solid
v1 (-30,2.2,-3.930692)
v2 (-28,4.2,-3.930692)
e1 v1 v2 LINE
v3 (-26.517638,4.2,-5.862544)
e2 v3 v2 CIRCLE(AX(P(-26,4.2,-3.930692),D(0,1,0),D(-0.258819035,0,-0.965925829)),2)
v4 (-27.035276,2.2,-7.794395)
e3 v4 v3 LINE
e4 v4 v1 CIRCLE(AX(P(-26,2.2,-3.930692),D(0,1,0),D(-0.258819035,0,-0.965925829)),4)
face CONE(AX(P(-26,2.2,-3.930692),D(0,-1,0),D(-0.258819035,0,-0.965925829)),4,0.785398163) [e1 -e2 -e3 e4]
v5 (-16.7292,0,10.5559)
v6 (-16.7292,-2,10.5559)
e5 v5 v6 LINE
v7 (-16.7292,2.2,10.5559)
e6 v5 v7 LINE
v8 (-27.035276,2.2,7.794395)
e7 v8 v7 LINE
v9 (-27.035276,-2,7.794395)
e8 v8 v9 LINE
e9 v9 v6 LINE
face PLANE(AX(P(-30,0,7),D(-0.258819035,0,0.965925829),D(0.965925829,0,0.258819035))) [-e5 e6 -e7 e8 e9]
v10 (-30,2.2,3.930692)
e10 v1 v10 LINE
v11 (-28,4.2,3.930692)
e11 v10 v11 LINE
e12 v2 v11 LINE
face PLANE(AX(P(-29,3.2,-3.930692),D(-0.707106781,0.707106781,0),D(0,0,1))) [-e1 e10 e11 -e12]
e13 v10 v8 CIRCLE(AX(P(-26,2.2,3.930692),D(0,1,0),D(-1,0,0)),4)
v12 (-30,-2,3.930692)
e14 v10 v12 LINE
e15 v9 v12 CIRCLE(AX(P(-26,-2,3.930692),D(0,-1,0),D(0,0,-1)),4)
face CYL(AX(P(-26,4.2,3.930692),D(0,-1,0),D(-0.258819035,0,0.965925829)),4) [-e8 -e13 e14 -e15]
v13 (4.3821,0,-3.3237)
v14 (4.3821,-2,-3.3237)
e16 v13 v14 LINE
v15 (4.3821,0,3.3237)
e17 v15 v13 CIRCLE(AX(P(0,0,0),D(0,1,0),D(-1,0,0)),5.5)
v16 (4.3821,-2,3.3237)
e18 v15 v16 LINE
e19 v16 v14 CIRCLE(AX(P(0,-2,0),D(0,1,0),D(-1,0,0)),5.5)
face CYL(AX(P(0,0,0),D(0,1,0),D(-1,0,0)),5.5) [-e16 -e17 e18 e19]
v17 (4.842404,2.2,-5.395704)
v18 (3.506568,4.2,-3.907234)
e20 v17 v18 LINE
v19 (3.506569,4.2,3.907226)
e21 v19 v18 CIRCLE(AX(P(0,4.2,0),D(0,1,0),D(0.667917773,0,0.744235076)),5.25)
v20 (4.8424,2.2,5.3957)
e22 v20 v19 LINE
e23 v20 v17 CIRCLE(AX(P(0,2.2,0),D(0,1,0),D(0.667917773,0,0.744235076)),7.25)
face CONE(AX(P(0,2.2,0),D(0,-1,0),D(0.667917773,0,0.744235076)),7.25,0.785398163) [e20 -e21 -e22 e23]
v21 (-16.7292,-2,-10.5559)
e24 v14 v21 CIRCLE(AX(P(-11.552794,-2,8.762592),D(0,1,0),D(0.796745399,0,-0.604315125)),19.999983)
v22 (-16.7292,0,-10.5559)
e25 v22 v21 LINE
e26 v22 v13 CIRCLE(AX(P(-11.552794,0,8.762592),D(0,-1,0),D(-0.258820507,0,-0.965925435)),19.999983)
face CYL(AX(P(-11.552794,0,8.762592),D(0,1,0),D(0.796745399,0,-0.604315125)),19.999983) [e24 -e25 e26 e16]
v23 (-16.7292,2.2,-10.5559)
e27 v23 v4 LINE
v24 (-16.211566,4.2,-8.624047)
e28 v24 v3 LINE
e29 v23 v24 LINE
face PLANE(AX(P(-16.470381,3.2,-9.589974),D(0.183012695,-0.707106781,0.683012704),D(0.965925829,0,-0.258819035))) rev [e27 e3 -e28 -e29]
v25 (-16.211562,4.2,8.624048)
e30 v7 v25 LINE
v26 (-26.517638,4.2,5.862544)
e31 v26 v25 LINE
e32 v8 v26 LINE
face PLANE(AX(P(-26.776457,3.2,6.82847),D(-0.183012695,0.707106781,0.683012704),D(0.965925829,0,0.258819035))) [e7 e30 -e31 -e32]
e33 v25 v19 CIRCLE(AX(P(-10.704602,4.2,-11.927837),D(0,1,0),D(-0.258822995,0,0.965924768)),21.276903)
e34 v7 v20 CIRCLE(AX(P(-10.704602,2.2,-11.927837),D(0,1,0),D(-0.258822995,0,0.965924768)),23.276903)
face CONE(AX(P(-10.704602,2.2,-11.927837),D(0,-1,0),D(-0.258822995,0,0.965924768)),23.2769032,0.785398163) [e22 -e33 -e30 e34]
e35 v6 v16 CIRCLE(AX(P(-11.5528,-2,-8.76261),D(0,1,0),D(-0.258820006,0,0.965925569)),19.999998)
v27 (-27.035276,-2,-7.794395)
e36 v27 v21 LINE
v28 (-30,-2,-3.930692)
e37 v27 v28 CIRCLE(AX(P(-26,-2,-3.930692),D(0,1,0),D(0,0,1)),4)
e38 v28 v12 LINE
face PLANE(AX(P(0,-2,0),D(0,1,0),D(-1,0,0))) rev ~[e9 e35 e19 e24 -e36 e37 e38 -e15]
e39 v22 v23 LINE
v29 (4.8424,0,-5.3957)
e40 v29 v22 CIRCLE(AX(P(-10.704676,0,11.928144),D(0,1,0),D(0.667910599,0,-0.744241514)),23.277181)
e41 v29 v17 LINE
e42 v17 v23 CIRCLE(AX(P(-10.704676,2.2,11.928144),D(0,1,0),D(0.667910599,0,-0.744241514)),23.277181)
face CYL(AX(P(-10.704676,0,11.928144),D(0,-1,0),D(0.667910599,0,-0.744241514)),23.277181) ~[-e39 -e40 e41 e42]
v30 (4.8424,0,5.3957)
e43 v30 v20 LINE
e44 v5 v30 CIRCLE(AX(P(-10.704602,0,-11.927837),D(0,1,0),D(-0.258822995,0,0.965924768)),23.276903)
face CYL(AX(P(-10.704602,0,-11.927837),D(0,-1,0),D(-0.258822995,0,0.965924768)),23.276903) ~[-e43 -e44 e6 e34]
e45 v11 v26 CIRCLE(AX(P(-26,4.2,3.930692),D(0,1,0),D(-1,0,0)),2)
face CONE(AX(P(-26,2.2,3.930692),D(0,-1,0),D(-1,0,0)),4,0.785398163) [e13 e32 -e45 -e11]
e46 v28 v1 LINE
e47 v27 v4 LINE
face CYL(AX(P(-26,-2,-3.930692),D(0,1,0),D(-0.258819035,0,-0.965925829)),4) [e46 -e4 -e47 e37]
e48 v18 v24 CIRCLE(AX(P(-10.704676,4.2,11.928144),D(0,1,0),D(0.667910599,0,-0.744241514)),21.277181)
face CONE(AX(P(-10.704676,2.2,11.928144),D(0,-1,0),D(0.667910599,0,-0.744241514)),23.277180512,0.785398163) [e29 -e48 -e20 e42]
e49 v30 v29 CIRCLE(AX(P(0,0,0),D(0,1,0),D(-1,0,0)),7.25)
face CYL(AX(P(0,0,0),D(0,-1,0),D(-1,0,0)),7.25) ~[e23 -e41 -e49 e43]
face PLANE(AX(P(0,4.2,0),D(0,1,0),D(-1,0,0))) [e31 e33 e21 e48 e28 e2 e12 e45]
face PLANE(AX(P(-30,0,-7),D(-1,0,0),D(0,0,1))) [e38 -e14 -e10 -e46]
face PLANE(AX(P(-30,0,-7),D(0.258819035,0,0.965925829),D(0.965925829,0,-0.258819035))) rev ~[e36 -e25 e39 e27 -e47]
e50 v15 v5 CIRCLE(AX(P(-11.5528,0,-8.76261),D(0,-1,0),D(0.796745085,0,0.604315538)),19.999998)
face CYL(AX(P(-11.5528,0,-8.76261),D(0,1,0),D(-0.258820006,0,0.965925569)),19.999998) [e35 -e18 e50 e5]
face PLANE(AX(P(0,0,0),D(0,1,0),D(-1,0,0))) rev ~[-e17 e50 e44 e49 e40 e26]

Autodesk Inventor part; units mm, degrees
ref_plane "YZ Plane" through (0, 0, 0) normal (1, 0, 0) x (0, 1, 0)
ref_plane "XZ Plane" through (0, 0, 0) normal (0, 1, 0) x (-1, 0, 0)
ref_plane "XY Plane" through (0, 0, 0) normal (0, 0, 1) x (1, 0, 0)
sketch "Sketch1" plane through (0, 0, 0) normal (0, 1, 0) x (-1, 0, 0)
  circle A0 centre (0, 0) radius 5.5
  line L0 (0, 0) -> (30, 0) construction
  line L1 (30, -7) -> (30, 7)
  line L2 (30, -7) -> (16.7292, -10.5559)
  arc A1 (-4.3821, -3.3237) -> (16.7292, -10.5559) centre (11.5528, 8.7626) ccw
  line L3 (30, 7) -> (16.7292, 10.5559)
  arc A2 (16.7292, 10.5559) -> (-4.3821, 3.3237) centre (11.5528, -8.7626) ccw
  circle A3 centre (0, 0) radius 7.25
  arc A4 (16.7292, 10.5559) -> (-4.8424, 5.3957) centre (10.7046, -11.928) ccw
  arc A5 (-4.8424, -5.3957) -> (16.7292, -10.5559) centre (10.7046, 11.928) ccw
  point P0 (1.7838, 5.2027)
  point P1 (1.7838, -5.2027)
  point P2 (16.7292, 10.5559)
  point P3 (30, 9.4853)
  point P4 (30, -9.4853)
  point P5 (30, -9.4752)
  point P6 (30, 9.4752)
  dimension "d0" = 11
  dimension "d1" = 30
  dimension "d2" = 14
  dimension "d5" = 30
  dimension "d10" = 14.5
  dimension "d52" = 20
extrude "Extrusion1" add sketch "Sketch1" against normal blind 2 contours A0 | A0 A2 A3 A1 | A2 L3 L1 L2 A1 A3 picked at (6.6012, -0.5586)
extrude "Extrusion2" add sketch "Sketch1" along normal blind 4.2
fillet "Fillet1" radius 4 2 edges at (-30, 1.1, 7) (-30, 1.1, -7)
chamfer "Chamfer1" distance 2 angle 45 8 edges at (-30, 4.2, 0) (-29.1734, 4.2, 6.3657) (-21.8822, 4.2, 9.1752) (-5.2893, 4.2, 10.7104) (7.25, 4.2, 0) (-5.2893, 4.2, -10.7104) (-21.8822, 4.2, -9.1752) (-29.1734, 4.2, -6.3657)
sketch "Sketch9" plane through (0, -2, 0) normal (0, -1, 0) x (1, 0, 0)
  arc A0 (-27.0353, 7.7944) -> (-30, 3.9307) centre (-26, 3.9307) ccw projected
  line L0 (-30, 3.9307) -> (-30, -3.9307) projected
  arc A1 (-30, -3.9307) -> (-27.0353, -7.7944) centre (-26, -3.9307) ccw projected
  arc A2 (6.1782, -6.8842) -> (6.1782, 6.8842) centre (0, 0) ccw projected
  line L1 (-32, -3.9307) -> (-32, 3.9307) projected
  line L2 (-27.5363, -9.7307) -> (-33.6527, -8.0918)
  arc A3 (-36.9536, -3.79) -> (-33.6527, -8.0918) centre (-32.5, -3.79) ccw
  line L3 (-36.9536, -3.79) -> (-36.9536, 4.2596)
  arc A4 (-33.0372, 8.6806) -> (-36.9536, 4.2596) centre (-32.5, 4.2596) ccw
  line L4 (-32, 3.9307) -> (-32, -3.9307) projected
  line L5 (-26.7661, 9.4426) -> (-33.0372, 8.6806)
  arc A5 (-17.2468, -12.4878) -> (6.1782, -6.8842) centre (-10.7046, 11.928) ccw projected
  line L6 (-26.5589, -7.4525) -> (-33.0176, -5.7218)
  arc A6 (-34.5, -3.79) -> (-33.0176, -5.7218) centre (-32.5, -3.79) ccw
  line L7 (-34.5, -3.79) -> (-34.5, 4.2596)
  arc A7 (-33.0176, 6.1914) -> (-34.5, 4.2596) centre (-32.5, 4.2596) ccw
  line L8 (-33.0176, 6.1914) -> (-27.0353, 7.7944)
  arc A8 (4.3821, 3.3237) -> (-16.7292, 10.5559) centre (-11.5528, -8.7626) ccw projected
  arc A9 (-16.7292, -10.5559) -> (4.3821, -3.3237) centre (-11.5528, 8.7626) ccw projected
  arc A10 (4.3821, -3.3237) -> (4.3821, 3.3237) centre (0, 0) ccw projected
  arc A11 (4.3821, 3.3237) -> (-16.7292, 10.5559) centre (-11.5528, -8.7626) ccw projected
  line L9 (-16.7292, 10.5559) -> (-27.0353, 7.7944) projected
  line L10 (-27.0353, -7.7944) -> (-16.7292, -10.5559) projected
  arc A12 (-17.2468, -12.4878) -> (6.1782, -6.8842) centre (-10.7046, 11.928) ccw projected
  line L11 (-17.2468, -12.4878) -> (-27.5529, -9.7262) projected
  arc A13 (-32, -3.9307) -> (-27.5529, -9.7262) centre (-26, -3.9307) ccw projected
  arc A14 (-27.5529, 9.7262) -> (-32, 3.9307) centre (-26, 3.9307) ccw projected
  line L12 (-27.5529, 9.7262) -> (-17.2468, 12.4878) projected
  arc A15 (6.1782, 6.8842) -> (-17.2468, 12.4878) centre (-10.7046, -11.928) ccw projected
  line L13 (-27.5529, -9.7262) -> (-17.2468, -12.4878) projected
  line L14 (-27.0353, 7.7944) -> (-16.7292, 10.5559) projected
  point P0 (-27.5529, -9.7262)
  point P1 (-31.5927, -6.1037)
  point P2 (-31.355, 6.6369)
  point P3 (-28.9, 9.1833)
  dimension "d90" = 2.5
  dimension "d91" = 2
sketch "Sketch11" plane through (0, 6.1, 0) normal (0, 1, 0) x (1, 0, 0)
  arc A0 (4.0599, -4.5238) -> (4.0599, 4.5238) centre (0, 0) ccw projected
  line L0 (-28.8284, -3.9307) -> (-28.8284, 3.9307) projected
  line L1 (-26.7321, 6.6627) -> (-16.4259, 9.4243) projected
  arc A1 (4.0599, 4.5238) -> (-16.4259, 9.4243) centre (-10.7046, -11.928) ccw projected
  arc A2 (-16.4259, -9.4243) -> (4.0599, -4.5238) centre (-10.7046, 11.928) ccw projected
  line L2 (-16.4259, -9.4243) -> (-26.7321, -6.6627) projected
  arc A3 (-28.8284, -3.9307) -> (-26.7321, -6.6627) centre (-26, -3.9307) ccw projected
  arc A4 (-26.7321, 6.6627) -> (-28.8284, 3.9307) centre (-26, 3.9307) ccw projected
  dimension "d75" = 1
  dimension "d76" = 1
  dimension "d77" = 1
  dimension "d78" = 10
  dimension "d79" = 80
sketch "Sketch16" plane through (0, 11.1, 0) normal (0, 1, 0) x (1, 0, 0)
  point P0 (0, 0)
sketch "Sketch15" plane through (-28, 4.1, -3.9307) normal (0, -1, 0) x (1, 0, 0)
  point P0 (28, 3.9307)
  point P1 (28, 3.9307)
properties part number "FS-00-SLBV8"
